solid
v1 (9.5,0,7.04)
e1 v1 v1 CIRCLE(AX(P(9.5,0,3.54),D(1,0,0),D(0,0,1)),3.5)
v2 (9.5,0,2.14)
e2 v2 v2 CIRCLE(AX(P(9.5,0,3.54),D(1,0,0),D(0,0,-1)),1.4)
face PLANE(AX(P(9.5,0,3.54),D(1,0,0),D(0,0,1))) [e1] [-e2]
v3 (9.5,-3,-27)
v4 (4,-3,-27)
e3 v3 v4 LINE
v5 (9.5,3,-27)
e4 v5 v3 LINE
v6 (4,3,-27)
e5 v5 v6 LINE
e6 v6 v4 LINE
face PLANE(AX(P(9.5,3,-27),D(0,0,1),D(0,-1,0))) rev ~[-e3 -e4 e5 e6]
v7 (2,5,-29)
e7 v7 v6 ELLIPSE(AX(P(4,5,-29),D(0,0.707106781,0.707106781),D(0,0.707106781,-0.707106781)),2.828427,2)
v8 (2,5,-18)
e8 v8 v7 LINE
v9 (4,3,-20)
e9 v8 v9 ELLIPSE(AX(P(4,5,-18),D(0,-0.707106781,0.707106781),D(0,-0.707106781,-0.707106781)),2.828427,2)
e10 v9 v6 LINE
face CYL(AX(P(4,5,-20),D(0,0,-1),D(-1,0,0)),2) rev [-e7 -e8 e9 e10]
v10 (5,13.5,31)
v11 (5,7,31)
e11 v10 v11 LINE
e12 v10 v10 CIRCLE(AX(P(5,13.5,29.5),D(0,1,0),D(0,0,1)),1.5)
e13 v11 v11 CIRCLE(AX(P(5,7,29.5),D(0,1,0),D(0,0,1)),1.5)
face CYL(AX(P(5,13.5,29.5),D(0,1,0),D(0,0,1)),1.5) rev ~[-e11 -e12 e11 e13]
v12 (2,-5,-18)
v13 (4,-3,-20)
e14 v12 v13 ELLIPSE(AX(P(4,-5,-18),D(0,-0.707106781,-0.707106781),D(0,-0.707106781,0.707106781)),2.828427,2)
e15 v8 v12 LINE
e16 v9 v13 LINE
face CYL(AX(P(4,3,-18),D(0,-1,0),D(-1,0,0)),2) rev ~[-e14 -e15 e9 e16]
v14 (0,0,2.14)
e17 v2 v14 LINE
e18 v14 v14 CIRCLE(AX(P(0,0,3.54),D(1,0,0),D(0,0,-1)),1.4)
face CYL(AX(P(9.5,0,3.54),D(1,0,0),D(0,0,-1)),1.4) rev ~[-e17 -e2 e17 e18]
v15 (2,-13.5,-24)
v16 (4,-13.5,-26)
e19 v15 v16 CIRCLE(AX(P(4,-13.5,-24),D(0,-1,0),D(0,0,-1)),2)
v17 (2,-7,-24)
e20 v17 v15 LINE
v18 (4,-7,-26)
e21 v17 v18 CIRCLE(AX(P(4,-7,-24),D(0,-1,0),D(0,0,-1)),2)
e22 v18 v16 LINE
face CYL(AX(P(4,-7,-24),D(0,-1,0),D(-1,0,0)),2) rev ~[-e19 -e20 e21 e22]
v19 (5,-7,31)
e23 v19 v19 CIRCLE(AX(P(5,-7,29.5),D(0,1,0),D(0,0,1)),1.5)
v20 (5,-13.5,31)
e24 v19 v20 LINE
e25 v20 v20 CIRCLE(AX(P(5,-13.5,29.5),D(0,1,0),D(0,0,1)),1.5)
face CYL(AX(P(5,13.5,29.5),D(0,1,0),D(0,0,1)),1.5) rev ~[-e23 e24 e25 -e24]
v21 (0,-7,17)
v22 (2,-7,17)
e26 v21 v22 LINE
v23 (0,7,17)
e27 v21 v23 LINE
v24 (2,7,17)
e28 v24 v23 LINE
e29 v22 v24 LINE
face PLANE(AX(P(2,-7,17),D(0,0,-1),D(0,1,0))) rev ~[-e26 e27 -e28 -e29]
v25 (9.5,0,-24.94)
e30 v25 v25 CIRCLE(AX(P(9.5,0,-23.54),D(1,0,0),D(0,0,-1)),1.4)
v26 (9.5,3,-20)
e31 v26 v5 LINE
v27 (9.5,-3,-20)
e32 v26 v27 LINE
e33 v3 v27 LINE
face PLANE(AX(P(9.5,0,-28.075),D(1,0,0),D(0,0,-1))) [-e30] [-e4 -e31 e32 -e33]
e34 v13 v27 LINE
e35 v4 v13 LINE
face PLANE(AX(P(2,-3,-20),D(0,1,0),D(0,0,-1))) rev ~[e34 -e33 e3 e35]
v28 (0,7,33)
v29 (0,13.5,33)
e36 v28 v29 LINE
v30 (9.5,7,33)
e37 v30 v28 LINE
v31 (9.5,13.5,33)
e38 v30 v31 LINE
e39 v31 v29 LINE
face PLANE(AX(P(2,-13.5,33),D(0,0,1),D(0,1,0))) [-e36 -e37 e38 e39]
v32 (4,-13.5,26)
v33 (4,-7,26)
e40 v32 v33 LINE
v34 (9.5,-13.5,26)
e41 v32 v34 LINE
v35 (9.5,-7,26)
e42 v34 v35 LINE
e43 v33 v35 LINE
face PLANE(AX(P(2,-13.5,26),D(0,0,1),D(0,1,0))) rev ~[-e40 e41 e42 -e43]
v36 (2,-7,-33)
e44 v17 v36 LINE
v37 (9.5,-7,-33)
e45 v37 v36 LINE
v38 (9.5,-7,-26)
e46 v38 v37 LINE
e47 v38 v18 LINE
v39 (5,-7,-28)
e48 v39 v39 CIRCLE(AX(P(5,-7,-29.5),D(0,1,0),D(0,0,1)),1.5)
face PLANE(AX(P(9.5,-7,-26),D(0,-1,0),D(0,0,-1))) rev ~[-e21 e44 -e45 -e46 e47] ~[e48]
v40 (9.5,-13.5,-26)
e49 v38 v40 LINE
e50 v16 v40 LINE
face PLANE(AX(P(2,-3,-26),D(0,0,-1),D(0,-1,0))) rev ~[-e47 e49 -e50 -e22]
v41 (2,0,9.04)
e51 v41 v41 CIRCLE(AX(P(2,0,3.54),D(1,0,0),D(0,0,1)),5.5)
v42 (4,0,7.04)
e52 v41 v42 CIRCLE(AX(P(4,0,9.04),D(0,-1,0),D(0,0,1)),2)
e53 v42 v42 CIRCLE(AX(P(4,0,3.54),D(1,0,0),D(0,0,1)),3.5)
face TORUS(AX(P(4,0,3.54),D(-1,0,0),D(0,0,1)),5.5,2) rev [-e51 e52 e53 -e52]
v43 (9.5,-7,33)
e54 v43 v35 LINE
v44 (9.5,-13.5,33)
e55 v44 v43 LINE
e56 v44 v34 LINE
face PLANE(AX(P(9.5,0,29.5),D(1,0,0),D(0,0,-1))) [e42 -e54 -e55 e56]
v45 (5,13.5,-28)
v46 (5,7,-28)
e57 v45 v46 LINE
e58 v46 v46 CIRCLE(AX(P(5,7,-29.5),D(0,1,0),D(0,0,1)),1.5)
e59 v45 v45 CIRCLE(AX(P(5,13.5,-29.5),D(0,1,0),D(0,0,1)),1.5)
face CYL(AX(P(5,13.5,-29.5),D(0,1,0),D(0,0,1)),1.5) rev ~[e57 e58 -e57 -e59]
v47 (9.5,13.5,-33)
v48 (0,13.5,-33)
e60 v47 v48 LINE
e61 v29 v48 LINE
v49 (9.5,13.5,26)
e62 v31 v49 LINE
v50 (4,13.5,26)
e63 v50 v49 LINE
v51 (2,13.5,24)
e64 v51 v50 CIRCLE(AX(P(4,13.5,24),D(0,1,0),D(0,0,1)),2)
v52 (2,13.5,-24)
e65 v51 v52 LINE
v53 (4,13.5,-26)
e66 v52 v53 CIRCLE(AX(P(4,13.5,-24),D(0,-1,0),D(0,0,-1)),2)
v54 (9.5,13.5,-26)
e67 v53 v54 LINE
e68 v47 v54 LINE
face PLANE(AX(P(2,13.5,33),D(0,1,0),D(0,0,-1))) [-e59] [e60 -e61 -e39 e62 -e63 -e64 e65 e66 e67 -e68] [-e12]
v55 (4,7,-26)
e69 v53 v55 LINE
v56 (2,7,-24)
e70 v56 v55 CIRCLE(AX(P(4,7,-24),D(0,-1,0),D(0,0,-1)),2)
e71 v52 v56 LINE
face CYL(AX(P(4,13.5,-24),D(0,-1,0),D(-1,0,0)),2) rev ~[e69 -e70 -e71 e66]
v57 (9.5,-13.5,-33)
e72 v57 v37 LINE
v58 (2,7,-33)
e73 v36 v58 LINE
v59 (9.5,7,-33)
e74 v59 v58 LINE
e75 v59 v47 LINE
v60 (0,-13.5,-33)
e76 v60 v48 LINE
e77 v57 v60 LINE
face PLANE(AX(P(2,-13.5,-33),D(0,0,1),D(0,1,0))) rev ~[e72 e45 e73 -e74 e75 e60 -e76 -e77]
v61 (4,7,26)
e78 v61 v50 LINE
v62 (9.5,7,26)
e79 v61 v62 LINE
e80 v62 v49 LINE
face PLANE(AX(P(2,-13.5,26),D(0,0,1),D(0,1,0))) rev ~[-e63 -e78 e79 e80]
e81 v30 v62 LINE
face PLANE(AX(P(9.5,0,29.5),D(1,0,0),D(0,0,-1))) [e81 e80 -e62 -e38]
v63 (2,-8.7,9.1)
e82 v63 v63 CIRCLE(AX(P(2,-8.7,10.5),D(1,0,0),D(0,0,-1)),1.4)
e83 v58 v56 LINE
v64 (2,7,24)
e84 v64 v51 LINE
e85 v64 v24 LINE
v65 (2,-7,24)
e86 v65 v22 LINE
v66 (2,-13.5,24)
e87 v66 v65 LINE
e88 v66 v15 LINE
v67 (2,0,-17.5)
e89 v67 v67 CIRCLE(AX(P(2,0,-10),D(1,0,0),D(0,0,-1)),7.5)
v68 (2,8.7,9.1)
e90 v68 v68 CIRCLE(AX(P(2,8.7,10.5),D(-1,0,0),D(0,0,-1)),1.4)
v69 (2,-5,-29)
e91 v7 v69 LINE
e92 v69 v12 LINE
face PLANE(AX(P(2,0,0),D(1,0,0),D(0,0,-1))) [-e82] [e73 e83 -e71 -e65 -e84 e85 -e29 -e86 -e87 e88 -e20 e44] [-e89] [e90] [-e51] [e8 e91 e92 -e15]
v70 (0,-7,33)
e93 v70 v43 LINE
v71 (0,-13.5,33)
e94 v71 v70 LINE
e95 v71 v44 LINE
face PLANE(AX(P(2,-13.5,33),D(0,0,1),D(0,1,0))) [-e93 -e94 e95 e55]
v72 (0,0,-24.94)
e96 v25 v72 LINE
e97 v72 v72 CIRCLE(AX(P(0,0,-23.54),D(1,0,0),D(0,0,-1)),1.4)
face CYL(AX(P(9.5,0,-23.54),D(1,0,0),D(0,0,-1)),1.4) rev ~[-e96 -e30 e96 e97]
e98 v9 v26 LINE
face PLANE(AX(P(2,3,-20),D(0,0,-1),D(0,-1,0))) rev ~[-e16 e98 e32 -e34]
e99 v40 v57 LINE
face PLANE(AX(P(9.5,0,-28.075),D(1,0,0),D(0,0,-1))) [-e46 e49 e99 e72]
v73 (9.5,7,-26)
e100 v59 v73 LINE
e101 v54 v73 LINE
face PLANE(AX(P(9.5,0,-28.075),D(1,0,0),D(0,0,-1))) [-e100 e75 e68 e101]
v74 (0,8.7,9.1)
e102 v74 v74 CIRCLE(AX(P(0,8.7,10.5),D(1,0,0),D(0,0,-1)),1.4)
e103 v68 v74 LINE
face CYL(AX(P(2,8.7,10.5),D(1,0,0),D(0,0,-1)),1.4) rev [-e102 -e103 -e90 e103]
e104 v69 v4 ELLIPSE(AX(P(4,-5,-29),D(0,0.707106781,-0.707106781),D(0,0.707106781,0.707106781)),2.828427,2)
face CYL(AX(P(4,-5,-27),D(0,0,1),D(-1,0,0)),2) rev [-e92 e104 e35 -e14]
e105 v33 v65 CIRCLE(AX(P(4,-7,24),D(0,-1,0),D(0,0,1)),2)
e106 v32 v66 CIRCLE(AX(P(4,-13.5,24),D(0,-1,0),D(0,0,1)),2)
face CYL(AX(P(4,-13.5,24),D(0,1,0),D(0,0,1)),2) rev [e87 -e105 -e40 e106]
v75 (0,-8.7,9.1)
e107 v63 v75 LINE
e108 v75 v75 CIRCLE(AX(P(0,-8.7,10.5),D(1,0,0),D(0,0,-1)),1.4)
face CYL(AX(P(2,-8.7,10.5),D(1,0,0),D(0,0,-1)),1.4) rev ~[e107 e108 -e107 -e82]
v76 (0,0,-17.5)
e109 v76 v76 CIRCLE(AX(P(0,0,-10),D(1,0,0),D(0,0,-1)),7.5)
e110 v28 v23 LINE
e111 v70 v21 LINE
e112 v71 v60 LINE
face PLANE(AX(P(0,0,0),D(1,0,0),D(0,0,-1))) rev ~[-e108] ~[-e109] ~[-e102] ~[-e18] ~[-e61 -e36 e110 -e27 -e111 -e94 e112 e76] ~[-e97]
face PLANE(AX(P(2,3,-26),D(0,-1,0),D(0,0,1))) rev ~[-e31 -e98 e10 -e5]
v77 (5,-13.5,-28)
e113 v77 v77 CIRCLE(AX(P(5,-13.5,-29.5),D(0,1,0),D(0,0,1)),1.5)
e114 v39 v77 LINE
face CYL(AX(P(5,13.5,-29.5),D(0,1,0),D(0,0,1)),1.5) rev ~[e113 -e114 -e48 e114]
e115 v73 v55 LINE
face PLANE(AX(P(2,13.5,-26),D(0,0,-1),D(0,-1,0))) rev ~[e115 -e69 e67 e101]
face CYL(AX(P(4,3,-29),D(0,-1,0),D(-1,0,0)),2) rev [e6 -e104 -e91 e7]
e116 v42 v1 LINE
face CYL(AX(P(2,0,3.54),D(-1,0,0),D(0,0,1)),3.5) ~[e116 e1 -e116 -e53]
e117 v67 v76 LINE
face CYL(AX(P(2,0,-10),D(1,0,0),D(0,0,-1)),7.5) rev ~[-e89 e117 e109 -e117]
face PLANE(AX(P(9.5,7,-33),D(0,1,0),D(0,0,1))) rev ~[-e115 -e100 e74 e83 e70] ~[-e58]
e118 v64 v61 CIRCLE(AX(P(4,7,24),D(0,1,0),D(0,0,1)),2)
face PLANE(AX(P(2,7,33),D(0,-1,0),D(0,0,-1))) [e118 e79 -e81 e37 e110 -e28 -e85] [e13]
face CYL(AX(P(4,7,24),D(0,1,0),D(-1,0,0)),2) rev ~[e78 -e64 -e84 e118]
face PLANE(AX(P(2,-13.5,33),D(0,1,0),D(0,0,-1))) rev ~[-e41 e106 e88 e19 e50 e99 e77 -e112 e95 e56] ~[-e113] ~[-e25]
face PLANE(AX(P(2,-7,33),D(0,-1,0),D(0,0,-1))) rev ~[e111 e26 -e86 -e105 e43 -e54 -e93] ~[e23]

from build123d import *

# Parameters (mm, degrees)
SKETCH1_W           = 66
SKETCH1_H           = 27
BOSS_EXTRUDE1_DEPTH = 2
SKETCH2_R           = 7.5
CUT_EXTRUDE1_DEPTH  = 2
BOSS_EXTRUDE2_DEPTH = 7.5
SKETCH4_R           = 1.5
CUT_EXTRUDE2_DEPTH  = 31
SKETCH5_R           = 1.4
CUT_EXTRUDE3_DEPTH  = 31
SKETCH6_W           = 7
SKETCH6_H           = 27
BOSS_EXTRUDE3_DEPTH = 7.5
SKETCH7_R           = 1.5
CUT_EXTRUDE4_DEPTH  = 33.5
SKETCH8_W           = 16
SKETCH8_H           = 14
CUT_EXTRUDE5_DEPTH  = 15.75
SKETCH9_R           = 1.4
CUT_EXTRUDE6_DEPTH  = 31.5
SKETCH10_R          = 3.5
BOSS_EXTRUDE4_DEPTH = 7.5
SKETCH11_R          = 1.4
CUT_EXTRUDE7_DEPTH  = 9.5
CUT_EXTRUDE8_DEPTH  = 7.5
FILLET1_R           = 2


with BuildPart() as part:
    # Sketch1 → Boss-Extrude1 (new body)
    with BuildSketch(Plane(origin=(0, 0, 0), x_dir=(0, 0, -1), z_dir=(1, 0, 0))):
        Rectangle(SKETCH1_W, SKETCH1_H)
    extrude(amount=BOSS_EXTRUDE1_DEPTH)

    # Sketch2 → Cut-Extrude1 (cut)
    with BuildSketch(Plane(origin=(2, 0, 0), x_dir=(0, 0, -1), z_dir=(1, 0, 0))):
        with Locations((10, 0)):
            Circle(SKETCH2_R)
    extrude(amount=-CUT_EXTRUDE1_DEPTH, mode=Mode.SUBTRACT)

    # Sketch3 → Boss-Extrude2 (add)
    with BuildSketch(Plane(origin=(2, 0, 0), x_dir=(0, 0, -1), z_dir=(1, 0, 0))):
        Polygon((33, 13.5), (26, 13.5), (26, 3), (20, 3), (20, -3), (26, -3), (26, -13.5), (33, -13.5), align=None)
    extrude(amount=BOSS_EXTRUDE2_DEPTH)

    # Sketch4 → Cut-Extrude2 (cut)
    with BuildSketch(Plane(origin=(0, 13.5, 0), x_dir=(1, 0, 0), z_dir=(0, 1, 0))):
        with Locations(Location((5, 29.5, 0), (0, 0, 270))):
            Circle(SKETCH4_R)
    extrude(amount=-CUT_EXTRUDE2_DEPTH, mode=Mode.SUBTRACT)

    # Sketch5 → Cut-Extrude3 (cut)
    with BuildSketch(Plane(origin=(9.5, 0, 0), x_dir=(0, 0, -1), z_dir=(1, 0, 0))):
        with Locations((23.54, 0)):
            Circle(SKETCH5_R)
    extrude(amount=-CUT_EXTRUDE3_DEPTH, mode=Mode.SUBTRACT)

    # Sketch6 → Boss-Extrude3 (add)
    with BuildSketch(Plane(origin=(2, 0, 0), x_dir=(0, 0, -1), z_dir=(1, 0, 0))):
        with Locations((-29.5, 0)):
            Rectangle(SKETCH6_W, SKETCH6_H)
    extrude(amount=BOSS_EXTRUDE3_DEPTH)

    # Sketch7 → Cut-Extrude4 (cut)
    with BuildSketch(Plane(origin=(0, 13.5, 0), x_dir=(1, 0, 0), z_dir=(0, 1, 0))):
        with Locations(Location((5, -29.5, 0), (0, 0, 270))):
            Circle(SKETCH7_R)
    extrude(amount=-CUT_EXTRUDE4_DEPTH, mode=Mode.SUBTRACT)

    # Sketch8 → Cut-Extrude5 (cut, symmetric)
    with BuildSketch(Plane(origin=(2, 0, 0), x_dir=(0, 0, -1), z_dir=(1, 0, 0))):
        with Locations((-25, 0)):
            Rectangle(SKETCH8_W, SKETCH8_H)
    extrude(amount=CUT_EXTRUDE5_DEPTH, both=True, mode=Mode.SUBTRACT)

    # Sketch9 → Cut-Extrude6 (cut)
    with BuildSketch(Plane(origin=(2, 0, 0), x_dir=(0, 0, -1), z_dir=(1, 0, 0))):
        with Locations((-10.5, -8.7)):
            Circle(SKETCH9_R)
    cut_extrude6 = extrude(amount=-CUT_EXTRUDE6_DEPTH, mode=Mode.SUBTRACT)

    # Mirror1: Cut-Extrude6 across plane
    add(cut_extrude6.mirror(Plane.ZX), mode=Mode.SUBTRACT)

    # Sketch10 → Boss-Extrude4 (add)
    with BuildSketch(Plane(origin=(2, 0, 0), x_dir=(0, 0, -1), z_dir=(1, 0, 0))):
        with Locations(Location((-3.54, 0, 0), (0, 0, 180))):
            Circle(SKETCH10_R)
    extrude(amount=BOSS_EXTRUDE4_DEPTH)

    # Sketch11 → Cut-Extrude7 (cut)
    with BuildSketch(Plane(origin=(9.5, 0, 0), x_dir=(0, 0, -1), z_dir=(1, 0, 0))):
        with Locations((-3.54, 0)):
            Circle(SKETCH11_R)
    extrude(amount=-CUT_EXTRUDE7_DEPTH, mode=Mode.SUBTRACT)

    # Sketch12 → Cut-Extrude8 (cut)
    with BuildSketch(Plane(origin=(9.5, 0, 0), x_dir=(0, 0, -1), z_dir=(1, 0, 0))):
        Polygon((26, -7), (33, -7), (33, -3), (33, 3), (33, 7), (26, 7), (26, 3), (27, 3), (27, -3), (26, -3), align=None)
    extrude(amount=-CUT_EXTRUDE8_DEPTH, mode=Mode.SUBTRACT)

    # Fillet1
    fillet1_edges = [part.edges().sort_by_distance(p)[0] for p in [
        (2, 0, 0.04),
        (2, -10.25, 26),
        (2, -10.25, -26),
        (2, 0, -20),
        (2, -3, -23.5),
        (2, 3, -23.5),
        (2, 10.25, -26),
        (2, 10.25, 26),
        (2, 0, -27),
    ]]
    fillet(fillet1_edges, radius=FILLET1_R)


solid = part.part
